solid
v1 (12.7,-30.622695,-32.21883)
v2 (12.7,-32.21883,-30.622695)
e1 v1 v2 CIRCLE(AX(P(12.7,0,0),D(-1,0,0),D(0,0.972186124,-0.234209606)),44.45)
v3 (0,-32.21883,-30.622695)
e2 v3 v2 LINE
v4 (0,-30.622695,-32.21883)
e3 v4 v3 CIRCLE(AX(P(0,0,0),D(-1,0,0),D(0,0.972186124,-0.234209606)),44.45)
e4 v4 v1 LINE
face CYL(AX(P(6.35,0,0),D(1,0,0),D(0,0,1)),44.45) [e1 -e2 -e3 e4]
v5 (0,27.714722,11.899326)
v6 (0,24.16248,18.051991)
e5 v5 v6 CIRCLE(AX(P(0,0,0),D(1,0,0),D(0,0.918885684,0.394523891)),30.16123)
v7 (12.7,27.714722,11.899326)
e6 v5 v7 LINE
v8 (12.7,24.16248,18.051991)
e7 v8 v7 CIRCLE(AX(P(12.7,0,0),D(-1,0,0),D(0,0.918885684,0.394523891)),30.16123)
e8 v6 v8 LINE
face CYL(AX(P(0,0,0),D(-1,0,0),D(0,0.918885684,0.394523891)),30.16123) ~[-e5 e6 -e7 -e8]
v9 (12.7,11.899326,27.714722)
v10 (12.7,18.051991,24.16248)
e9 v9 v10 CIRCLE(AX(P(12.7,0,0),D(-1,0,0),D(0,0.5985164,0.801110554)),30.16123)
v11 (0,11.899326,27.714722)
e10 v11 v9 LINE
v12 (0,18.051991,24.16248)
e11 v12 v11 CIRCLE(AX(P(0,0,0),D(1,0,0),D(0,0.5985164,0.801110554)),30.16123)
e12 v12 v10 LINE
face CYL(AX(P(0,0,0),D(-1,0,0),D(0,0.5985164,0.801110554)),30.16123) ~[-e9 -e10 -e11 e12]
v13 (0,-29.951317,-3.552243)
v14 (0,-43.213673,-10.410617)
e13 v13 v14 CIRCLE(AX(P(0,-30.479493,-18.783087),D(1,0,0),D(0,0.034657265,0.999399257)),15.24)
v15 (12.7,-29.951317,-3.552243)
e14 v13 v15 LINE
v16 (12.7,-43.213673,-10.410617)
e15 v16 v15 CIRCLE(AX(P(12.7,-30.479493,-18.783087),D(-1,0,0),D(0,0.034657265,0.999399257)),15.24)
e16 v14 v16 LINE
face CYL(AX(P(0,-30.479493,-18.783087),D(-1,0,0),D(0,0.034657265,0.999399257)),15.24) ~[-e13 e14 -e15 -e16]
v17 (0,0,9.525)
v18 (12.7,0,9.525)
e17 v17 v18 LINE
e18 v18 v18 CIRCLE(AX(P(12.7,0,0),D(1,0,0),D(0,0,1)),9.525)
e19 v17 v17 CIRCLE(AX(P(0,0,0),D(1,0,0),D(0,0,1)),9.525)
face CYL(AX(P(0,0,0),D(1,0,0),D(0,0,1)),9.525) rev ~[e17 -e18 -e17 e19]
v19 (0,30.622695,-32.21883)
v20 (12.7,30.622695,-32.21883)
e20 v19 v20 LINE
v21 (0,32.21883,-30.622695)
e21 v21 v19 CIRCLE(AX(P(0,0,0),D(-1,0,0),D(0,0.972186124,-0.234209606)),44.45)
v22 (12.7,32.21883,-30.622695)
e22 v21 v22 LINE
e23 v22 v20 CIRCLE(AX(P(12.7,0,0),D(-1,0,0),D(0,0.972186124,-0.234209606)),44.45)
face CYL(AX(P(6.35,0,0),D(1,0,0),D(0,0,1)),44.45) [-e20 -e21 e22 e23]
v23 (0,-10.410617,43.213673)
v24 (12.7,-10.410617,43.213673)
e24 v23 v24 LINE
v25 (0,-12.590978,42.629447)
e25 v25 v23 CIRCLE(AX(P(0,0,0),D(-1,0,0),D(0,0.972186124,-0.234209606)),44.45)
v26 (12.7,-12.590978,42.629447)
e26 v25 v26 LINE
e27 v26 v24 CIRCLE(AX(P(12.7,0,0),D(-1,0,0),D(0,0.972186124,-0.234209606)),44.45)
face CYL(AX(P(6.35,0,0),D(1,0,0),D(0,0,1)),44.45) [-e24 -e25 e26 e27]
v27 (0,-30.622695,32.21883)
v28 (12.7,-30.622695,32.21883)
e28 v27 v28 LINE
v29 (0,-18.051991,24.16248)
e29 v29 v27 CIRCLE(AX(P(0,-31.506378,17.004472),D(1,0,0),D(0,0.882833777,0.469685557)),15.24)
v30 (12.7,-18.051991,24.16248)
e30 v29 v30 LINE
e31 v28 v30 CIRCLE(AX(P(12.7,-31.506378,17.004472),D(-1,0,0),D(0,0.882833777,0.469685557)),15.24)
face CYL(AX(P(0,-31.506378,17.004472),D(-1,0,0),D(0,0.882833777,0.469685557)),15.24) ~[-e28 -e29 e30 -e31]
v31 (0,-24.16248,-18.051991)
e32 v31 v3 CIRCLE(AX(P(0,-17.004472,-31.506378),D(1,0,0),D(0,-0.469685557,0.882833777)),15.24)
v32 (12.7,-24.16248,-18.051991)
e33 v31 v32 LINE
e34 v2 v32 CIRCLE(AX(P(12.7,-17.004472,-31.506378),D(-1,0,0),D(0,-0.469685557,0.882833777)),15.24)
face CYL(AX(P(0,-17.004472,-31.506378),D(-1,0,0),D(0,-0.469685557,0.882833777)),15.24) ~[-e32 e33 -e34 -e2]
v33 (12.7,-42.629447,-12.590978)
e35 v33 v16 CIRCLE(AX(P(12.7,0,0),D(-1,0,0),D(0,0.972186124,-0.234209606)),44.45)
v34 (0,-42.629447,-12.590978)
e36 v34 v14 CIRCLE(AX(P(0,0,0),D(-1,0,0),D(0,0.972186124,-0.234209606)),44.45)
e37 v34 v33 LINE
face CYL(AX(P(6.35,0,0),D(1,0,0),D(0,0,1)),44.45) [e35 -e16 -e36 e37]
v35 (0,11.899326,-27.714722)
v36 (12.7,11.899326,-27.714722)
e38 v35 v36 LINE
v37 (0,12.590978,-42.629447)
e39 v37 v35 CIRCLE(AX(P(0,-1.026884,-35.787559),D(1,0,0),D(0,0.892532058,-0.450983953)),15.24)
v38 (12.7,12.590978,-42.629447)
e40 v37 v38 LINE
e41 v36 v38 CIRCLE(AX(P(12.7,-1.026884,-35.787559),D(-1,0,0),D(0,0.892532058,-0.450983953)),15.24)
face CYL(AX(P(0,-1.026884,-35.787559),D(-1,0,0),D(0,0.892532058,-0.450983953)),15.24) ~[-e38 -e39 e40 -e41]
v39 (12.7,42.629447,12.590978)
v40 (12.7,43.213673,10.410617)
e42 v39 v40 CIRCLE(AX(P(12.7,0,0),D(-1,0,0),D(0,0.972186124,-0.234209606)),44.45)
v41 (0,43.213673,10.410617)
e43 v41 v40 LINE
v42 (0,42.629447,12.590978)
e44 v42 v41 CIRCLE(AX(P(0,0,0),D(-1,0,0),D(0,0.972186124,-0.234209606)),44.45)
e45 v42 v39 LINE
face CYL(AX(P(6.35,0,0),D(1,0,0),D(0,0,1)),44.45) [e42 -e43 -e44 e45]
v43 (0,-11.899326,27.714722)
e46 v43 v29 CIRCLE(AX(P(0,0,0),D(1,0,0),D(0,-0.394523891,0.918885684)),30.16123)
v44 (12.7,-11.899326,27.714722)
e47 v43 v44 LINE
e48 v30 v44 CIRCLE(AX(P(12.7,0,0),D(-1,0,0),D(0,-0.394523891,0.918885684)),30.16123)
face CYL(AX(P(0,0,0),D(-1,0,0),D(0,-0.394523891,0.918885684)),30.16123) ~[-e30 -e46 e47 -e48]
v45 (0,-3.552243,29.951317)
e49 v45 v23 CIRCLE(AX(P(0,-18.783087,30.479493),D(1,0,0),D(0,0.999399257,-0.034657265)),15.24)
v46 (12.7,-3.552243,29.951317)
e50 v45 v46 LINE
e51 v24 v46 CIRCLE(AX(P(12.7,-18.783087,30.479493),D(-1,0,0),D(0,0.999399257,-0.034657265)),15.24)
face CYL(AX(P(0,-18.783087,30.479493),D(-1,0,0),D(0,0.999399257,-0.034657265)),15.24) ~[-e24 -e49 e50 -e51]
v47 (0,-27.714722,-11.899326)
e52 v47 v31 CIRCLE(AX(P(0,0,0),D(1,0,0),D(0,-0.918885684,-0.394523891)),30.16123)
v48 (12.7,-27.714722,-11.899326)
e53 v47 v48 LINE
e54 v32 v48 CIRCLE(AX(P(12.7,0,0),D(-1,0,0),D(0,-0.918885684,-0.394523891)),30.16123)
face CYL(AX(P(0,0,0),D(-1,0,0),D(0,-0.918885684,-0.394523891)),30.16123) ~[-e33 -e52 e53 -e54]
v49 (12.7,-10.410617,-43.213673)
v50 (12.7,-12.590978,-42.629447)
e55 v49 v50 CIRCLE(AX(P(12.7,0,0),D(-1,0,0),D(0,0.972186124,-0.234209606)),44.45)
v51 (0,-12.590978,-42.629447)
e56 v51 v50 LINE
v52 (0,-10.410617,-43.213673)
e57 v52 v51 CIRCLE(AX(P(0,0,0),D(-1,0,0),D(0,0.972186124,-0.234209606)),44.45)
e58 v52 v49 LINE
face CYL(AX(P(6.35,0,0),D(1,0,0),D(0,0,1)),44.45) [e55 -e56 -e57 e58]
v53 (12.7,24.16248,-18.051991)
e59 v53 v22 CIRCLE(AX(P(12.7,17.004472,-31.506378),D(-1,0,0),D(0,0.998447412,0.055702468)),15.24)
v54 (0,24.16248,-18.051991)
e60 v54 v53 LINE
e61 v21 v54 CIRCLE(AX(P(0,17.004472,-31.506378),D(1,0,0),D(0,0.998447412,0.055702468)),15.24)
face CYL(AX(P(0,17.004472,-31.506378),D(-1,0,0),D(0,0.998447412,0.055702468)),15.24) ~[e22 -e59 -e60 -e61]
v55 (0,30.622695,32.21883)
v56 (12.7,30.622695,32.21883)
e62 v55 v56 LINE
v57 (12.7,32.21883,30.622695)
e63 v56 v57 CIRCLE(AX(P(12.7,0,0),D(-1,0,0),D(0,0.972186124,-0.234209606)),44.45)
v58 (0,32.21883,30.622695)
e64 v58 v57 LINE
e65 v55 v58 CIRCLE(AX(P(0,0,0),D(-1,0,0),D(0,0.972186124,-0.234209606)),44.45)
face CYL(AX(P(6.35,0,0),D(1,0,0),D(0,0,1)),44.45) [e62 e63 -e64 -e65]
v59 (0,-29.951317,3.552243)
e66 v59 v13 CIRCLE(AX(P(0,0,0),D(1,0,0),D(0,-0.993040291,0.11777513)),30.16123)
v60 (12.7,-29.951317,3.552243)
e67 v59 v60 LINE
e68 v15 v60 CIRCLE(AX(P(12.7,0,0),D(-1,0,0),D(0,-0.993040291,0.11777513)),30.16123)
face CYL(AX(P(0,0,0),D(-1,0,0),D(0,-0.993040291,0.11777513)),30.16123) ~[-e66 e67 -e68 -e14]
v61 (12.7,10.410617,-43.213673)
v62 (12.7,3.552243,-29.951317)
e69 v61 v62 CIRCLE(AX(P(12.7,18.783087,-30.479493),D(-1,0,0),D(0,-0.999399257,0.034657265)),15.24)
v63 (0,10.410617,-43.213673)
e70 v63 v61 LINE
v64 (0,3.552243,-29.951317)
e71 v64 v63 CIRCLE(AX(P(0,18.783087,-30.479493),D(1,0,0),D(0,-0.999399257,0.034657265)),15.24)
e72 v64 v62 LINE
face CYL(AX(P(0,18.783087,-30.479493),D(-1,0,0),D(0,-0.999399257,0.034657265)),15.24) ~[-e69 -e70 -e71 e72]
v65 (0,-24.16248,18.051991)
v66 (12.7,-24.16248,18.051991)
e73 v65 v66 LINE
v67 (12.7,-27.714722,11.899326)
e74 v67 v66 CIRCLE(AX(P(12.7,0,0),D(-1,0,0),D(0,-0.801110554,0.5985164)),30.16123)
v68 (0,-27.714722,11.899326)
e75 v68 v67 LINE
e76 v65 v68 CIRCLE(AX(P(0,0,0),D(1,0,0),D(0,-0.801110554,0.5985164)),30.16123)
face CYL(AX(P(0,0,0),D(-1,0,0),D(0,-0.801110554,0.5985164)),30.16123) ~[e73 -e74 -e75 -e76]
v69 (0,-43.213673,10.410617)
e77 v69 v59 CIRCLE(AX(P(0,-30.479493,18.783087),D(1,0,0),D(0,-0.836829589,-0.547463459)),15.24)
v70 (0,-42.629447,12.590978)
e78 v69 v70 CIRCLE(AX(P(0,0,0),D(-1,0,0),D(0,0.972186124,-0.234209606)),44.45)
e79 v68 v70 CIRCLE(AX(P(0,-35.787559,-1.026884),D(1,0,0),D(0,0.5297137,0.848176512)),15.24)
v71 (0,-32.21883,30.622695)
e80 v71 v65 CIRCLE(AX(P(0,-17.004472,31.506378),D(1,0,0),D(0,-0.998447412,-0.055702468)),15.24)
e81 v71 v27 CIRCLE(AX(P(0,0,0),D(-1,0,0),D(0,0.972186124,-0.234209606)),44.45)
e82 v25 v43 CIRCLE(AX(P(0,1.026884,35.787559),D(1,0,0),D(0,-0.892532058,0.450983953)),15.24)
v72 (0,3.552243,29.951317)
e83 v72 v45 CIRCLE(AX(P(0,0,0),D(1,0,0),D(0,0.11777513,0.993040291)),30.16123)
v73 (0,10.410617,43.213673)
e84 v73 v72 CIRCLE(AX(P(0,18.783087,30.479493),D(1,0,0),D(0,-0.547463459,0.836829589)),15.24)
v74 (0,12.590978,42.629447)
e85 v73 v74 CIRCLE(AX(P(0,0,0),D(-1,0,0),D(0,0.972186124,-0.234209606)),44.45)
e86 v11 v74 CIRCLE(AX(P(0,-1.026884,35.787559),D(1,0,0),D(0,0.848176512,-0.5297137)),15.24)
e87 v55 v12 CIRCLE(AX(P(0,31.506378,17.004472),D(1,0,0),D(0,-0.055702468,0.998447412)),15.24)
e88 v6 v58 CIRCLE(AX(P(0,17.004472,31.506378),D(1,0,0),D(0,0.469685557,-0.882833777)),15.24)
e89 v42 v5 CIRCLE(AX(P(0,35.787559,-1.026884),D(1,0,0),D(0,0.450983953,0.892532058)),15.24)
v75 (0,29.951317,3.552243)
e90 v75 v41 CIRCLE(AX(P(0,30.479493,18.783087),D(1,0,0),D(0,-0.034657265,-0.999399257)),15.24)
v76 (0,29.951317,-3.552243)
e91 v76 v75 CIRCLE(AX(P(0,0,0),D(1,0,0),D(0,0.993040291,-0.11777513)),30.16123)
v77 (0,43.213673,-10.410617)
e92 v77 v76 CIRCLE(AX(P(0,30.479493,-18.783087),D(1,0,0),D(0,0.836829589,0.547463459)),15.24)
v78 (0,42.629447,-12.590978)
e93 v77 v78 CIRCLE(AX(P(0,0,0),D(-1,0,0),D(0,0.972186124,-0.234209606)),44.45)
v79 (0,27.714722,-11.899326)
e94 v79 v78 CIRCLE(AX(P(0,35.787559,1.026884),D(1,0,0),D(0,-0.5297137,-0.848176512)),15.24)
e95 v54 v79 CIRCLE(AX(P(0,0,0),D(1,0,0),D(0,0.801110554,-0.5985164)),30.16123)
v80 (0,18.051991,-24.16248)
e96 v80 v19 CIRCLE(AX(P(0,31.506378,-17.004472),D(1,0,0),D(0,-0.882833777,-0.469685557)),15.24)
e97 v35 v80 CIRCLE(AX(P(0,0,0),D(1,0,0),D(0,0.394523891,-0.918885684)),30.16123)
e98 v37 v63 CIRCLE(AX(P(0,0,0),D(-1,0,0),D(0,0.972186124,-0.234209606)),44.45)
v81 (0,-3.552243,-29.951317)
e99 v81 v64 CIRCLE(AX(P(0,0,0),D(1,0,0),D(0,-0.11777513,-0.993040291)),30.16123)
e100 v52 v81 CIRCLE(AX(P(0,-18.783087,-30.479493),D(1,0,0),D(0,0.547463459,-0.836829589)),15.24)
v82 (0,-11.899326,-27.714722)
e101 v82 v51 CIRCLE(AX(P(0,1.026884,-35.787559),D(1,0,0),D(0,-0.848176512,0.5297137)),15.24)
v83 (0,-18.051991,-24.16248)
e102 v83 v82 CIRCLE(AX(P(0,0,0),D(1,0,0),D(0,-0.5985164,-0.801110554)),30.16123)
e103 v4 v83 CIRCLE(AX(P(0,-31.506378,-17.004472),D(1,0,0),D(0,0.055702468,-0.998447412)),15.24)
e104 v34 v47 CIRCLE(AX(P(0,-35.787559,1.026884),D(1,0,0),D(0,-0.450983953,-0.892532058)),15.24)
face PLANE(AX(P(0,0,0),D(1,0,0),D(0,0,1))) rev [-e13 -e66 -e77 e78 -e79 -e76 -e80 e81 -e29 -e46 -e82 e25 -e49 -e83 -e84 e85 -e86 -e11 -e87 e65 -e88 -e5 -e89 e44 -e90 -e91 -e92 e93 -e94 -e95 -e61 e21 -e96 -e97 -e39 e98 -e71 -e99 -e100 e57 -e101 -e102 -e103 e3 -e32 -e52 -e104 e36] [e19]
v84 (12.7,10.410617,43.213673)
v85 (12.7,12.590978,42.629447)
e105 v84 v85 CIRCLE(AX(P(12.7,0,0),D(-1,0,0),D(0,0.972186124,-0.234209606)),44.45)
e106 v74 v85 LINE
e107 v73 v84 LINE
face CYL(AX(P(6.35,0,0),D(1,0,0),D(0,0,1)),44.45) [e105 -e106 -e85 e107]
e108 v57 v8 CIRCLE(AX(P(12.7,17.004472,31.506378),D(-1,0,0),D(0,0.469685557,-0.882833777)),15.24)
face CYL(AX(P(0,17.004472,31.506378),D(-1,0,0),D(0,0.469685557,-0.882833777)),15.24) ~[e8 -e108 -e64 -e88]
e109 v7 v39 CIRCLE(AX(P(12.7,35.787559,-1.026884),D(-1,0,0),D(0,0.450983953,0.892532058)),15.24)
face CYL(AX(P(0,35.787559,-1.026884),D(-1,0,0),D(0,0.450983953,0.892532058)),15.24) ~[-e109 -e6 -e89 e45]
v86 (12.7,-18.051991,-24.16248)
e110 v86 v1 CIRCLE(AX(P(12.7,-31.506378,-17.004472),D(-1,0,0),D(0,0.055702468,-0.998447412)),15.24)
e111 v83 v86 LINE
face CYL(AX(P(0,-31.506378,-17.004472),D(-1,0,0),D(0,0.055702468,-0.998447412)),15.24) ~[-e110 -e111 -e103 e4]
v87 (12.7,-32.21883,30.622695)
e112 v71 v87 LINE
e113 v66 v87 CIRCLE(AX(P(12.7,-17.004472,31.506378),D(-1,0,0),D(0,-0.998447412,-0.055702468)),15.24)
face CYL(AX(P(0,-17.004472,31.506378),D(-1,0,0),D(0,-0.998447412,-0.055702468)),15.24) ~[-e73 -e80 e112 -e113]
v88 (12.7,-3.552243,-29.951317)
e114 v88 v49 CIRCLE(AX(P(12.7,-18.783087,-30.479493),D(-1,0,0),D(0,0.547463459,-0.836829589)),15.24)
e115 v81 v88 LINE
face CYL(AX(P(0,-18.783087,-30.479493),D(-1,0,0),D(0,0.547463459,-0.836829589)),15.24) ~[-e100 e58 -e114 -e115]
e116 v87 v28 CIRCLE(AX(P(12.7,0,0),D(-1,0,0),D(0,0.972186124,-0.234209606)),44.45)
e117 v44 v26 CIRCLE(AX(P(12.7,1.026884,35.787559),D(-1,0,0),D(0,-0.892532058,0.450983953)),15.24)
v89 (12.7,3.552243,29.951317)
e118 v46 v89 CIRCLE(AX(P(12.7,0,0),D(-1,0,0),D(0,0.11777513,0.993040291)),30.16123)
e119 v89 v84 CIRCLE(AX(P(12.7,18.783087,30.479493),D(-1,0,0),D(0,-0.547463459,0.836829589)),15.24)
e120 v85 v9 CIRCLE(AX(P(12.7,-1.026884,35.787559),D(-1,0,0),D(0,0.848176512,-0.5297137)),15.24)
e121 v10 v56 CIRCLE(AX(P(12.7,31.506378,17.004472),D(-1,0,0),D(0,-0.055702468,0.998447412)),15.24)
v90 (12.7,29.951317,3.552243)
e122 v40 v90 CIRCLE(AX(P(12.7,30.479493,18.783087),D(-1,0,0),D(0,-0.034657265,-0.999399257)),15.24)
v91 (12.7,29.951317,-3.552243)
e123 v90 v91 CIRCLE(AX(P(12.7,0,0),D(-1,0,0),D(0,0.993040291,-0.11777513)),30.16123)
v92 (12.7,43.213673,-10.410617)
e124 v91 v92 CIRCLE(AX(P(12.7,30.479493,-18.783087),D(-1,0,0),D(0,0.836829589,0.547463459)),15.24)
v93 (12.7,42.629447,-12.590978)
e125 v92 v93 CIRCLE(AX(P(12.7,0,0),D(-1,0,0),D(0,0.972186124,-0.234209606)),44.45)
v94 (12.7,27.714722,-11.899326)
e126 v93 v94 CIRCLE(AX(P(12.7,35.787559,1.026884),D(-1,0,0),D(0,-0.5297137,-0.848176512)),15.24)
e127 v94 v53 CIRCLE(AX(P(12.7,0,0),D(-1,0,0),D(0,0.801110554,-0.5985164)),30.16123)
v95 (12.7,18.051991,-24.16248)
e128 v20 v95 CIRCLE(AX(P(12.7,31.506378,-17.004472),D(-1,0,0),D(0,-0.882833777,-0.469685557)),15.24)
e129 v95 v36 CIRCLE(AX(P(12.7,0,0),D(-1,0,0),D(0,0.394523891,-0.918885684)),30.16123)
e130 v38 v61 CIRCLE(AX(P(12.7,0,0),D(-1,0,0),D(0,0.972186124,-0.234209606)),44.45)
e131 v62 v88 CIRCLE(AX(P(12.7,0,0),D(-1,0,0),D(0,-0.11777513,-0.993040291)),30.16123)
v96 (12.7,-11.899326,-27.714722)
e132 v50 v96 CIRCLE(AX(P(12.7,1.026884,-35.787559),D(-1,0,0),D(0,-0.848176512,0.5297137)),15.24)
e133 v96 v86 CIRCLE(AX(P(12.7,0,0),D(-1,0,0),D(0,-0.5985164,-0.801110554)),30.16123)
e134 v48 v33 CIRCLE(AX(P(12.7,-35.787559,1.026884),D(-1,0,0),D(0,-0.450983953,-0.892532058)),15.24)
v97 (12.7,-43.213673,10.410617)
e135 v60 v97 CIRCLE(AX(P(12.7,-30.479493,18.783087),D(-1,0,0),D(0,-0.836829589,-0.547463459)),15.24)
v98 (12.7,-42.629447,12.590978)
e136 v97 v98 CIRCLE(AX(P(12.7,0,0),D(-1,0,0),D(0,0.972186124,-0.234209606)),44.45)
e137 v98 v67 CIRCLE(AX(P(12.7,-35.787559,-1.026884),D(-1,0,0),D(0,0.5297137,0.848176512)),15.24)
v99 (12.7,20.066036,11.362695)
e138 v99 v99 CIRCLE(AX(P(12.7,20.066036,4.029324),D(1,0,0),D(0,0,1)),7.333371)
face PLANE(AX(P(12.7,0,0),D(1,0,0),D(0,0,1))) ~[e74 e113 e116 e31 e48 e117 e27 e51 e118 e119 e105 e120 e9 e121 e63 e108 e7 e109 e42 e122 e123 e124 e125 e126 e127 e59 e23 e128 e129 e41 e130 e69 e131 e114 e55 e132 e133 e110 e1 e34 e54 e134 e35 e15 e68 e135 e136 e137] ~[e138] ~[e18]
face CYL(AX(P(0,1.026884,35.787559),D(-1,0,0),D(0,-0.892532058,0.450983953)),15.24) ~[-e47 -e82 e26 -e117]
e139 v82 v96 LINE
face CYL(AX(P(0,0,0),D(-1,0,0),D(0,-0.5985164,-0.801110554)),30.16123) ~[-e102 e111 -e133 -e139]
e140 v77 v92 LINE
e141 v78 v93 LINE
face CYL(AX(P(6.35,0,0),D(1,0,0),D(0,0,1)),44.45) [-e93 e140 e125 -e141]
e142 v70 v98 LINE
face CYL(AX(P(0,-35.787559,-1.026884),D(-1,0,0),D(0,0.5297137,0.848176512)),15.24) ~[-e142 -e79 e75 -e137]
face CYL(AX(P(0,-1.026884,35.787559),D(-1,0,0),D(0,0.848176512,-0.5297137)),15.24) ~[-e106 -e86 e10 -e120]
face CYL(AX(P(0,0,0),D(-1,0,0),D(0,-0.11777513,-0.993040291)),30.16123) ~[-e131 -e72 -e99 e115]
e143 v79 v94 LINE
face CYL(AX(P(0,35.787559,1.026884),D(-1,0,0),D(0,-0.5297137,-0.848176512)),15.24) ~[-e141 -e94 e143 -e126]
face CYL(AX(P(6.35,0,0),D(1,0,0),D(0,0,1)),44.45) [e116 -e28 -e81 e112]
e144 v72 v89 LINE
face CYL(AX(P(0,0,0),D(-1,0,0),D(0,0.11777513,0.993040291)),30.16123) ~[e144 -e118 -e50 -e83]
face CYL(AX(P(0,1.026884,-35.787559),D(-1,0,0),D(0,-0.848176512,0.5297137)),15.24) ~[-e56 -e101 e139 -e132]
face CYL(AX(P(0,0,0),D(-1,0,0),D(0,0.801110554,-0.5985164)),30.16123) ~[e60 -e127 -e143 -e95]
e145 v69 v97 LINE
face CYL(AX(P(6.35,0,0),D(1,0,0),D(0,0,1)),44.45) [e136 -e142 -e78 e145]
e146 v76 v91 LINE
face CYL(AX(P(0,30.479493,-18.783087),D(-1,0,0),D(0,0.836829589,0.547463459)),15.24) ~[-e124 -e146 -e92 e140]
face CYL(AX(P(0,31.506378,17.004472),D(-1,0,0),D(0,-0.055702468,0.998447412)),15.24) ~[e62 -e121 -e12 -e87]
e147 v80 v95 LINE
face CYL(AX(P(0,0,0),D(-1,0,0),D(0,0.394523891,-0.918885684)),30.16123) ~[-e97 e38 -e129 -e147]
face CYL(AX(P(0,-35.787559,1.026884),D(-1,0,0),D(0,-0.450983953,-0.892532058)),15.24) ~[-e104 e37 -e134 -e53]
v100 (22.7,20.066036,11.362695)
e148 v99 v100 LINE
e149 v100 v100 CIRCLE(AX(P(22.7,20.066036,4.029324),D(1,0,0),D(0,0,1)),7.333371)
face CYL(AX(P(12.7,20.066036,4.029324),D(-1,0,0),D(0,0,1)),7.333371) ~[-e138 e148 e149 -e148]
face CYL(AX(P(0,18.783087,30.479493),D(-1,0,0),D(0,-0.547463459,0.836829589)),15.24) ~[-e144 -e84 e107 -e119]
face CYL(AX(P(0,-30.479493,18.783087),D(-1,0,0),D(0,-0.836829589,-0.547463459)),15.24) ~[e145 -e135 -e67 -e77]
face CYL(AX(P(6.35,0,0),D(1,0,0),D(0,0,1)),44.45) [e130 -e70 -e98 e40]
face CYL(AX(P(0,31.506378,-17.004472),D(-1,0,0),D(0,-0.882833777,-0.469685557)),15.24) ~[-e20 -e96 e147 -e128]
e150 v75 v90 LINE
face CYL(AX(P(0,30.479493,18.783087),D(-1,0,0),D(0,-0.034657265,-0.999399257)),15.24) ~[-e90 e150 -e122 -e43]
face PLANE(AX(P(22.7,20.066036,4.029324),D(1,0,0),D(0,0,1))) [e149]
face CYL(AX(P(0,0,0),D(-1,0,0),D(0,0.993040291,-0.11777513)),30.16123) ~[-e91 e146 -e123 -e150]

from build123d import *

# Parameters (mm, degrees)
BASPROSKE_W         = 12.7
BASPROSKE_H         = 44.45
TOOTHCUT_DEPTH      = 65.131856359
TEETHCUTS_COUNT     = 12
TEETHCUTS_ANGLE     = 330
BORSKE_R            = 9.525
BORE_DEPTH          = 25.4000508
SKETCH1_R           = 7.333370579
BOSS_EXTRUDE1_DEPTH = 10


with BuildPart() as part:
    # BasProSke → Base-Revolve (revolve)
    with BuildSketch(Plane(origin=(0, 0, 0), x_dir=(1, 0, 0), z_dir=(0, 1, 0)), mode=Mode.PRIVATE) as base_revolve_sk:
        with Locations((6.35, 22.225)):
            Rectangle(BASPROSKE_W, BASPROSKE_H)
    revolve(base_revolve_sk.sketch.rotate(Axis((-10, 0, 0), (1, 0, 0)), 180), axis=Axis((-10, 0, 0), (1, 0, 0)))

    # TooCutSke → ToothCut (cut, through all)
    with BuildSketch(Plane(origin=(0, 0, 0), x_dir=(0, 0, -1), z_dir=(1, 0, 0))):
        with BuildLine():
            ThreePointArc((3.552242783, 29.951316604), (0, 30.16123), (-3.552242783, 29.951316604))
            ThreePointArc((-3.552242783, 29.951316604), (-5.254049238, 37.49538421), (-10.439744342, 43.232776261))
            ThreePointArc((-10.439744342, 43.232776261), (0, 44.4754), (10.439744342, 43.232776261))
            ThreePointArc((10.439744342, 43.232776261), (5.254049238, 37.49538421), (3.552242783, 29.951316604))
        make_face()
    toothcut = extrude(amount=TOOTHCUT_DEPTH, mode=Mode.SUBTRACT)

    # TeethCuts: ToothCut ×12 about axis
    teethcuts_axis = Axis((-10, 0, 0), (1, 0, 0))
    for i in range(1, TEETHCUTS_COUNT):
        add(toothcut.rotate(teethcuts_axis, i * TEETHCUTS_ANGLE / (TEETHCUTS_COUNT - 1)), mode=Mode.SUBTRACT)

    # BorSke → Bore (cut, symmetric)
    with BuildSketch(Plane(origin=(0, 0, 0), x_dir=(0, 0, -1), z_dir=(1, 0, 0))):
        with Locations(Location((0, 0, 0), (0, 0, 180))):
            Circle(BORSKE_R)
    extrude(amount=BORE_DEPTH, both=True, mode=Mode.SUBTRACT)

    # Sketch1 → Boss-Extrude1 (add)
    with BuildSketch(Plane(origin=(12.7, 0, 0), x_dir=(0, 0, -1), z_dir=(1, 0, 0))):
        with Locations(Location((-4.029324494, 20.06603598, 0), (0, 0, 180))):
            Circle(SKETCH1_R)
    extrude(amount=BOSS_EXTRUDE1_DEPTH)


solid = part.part
